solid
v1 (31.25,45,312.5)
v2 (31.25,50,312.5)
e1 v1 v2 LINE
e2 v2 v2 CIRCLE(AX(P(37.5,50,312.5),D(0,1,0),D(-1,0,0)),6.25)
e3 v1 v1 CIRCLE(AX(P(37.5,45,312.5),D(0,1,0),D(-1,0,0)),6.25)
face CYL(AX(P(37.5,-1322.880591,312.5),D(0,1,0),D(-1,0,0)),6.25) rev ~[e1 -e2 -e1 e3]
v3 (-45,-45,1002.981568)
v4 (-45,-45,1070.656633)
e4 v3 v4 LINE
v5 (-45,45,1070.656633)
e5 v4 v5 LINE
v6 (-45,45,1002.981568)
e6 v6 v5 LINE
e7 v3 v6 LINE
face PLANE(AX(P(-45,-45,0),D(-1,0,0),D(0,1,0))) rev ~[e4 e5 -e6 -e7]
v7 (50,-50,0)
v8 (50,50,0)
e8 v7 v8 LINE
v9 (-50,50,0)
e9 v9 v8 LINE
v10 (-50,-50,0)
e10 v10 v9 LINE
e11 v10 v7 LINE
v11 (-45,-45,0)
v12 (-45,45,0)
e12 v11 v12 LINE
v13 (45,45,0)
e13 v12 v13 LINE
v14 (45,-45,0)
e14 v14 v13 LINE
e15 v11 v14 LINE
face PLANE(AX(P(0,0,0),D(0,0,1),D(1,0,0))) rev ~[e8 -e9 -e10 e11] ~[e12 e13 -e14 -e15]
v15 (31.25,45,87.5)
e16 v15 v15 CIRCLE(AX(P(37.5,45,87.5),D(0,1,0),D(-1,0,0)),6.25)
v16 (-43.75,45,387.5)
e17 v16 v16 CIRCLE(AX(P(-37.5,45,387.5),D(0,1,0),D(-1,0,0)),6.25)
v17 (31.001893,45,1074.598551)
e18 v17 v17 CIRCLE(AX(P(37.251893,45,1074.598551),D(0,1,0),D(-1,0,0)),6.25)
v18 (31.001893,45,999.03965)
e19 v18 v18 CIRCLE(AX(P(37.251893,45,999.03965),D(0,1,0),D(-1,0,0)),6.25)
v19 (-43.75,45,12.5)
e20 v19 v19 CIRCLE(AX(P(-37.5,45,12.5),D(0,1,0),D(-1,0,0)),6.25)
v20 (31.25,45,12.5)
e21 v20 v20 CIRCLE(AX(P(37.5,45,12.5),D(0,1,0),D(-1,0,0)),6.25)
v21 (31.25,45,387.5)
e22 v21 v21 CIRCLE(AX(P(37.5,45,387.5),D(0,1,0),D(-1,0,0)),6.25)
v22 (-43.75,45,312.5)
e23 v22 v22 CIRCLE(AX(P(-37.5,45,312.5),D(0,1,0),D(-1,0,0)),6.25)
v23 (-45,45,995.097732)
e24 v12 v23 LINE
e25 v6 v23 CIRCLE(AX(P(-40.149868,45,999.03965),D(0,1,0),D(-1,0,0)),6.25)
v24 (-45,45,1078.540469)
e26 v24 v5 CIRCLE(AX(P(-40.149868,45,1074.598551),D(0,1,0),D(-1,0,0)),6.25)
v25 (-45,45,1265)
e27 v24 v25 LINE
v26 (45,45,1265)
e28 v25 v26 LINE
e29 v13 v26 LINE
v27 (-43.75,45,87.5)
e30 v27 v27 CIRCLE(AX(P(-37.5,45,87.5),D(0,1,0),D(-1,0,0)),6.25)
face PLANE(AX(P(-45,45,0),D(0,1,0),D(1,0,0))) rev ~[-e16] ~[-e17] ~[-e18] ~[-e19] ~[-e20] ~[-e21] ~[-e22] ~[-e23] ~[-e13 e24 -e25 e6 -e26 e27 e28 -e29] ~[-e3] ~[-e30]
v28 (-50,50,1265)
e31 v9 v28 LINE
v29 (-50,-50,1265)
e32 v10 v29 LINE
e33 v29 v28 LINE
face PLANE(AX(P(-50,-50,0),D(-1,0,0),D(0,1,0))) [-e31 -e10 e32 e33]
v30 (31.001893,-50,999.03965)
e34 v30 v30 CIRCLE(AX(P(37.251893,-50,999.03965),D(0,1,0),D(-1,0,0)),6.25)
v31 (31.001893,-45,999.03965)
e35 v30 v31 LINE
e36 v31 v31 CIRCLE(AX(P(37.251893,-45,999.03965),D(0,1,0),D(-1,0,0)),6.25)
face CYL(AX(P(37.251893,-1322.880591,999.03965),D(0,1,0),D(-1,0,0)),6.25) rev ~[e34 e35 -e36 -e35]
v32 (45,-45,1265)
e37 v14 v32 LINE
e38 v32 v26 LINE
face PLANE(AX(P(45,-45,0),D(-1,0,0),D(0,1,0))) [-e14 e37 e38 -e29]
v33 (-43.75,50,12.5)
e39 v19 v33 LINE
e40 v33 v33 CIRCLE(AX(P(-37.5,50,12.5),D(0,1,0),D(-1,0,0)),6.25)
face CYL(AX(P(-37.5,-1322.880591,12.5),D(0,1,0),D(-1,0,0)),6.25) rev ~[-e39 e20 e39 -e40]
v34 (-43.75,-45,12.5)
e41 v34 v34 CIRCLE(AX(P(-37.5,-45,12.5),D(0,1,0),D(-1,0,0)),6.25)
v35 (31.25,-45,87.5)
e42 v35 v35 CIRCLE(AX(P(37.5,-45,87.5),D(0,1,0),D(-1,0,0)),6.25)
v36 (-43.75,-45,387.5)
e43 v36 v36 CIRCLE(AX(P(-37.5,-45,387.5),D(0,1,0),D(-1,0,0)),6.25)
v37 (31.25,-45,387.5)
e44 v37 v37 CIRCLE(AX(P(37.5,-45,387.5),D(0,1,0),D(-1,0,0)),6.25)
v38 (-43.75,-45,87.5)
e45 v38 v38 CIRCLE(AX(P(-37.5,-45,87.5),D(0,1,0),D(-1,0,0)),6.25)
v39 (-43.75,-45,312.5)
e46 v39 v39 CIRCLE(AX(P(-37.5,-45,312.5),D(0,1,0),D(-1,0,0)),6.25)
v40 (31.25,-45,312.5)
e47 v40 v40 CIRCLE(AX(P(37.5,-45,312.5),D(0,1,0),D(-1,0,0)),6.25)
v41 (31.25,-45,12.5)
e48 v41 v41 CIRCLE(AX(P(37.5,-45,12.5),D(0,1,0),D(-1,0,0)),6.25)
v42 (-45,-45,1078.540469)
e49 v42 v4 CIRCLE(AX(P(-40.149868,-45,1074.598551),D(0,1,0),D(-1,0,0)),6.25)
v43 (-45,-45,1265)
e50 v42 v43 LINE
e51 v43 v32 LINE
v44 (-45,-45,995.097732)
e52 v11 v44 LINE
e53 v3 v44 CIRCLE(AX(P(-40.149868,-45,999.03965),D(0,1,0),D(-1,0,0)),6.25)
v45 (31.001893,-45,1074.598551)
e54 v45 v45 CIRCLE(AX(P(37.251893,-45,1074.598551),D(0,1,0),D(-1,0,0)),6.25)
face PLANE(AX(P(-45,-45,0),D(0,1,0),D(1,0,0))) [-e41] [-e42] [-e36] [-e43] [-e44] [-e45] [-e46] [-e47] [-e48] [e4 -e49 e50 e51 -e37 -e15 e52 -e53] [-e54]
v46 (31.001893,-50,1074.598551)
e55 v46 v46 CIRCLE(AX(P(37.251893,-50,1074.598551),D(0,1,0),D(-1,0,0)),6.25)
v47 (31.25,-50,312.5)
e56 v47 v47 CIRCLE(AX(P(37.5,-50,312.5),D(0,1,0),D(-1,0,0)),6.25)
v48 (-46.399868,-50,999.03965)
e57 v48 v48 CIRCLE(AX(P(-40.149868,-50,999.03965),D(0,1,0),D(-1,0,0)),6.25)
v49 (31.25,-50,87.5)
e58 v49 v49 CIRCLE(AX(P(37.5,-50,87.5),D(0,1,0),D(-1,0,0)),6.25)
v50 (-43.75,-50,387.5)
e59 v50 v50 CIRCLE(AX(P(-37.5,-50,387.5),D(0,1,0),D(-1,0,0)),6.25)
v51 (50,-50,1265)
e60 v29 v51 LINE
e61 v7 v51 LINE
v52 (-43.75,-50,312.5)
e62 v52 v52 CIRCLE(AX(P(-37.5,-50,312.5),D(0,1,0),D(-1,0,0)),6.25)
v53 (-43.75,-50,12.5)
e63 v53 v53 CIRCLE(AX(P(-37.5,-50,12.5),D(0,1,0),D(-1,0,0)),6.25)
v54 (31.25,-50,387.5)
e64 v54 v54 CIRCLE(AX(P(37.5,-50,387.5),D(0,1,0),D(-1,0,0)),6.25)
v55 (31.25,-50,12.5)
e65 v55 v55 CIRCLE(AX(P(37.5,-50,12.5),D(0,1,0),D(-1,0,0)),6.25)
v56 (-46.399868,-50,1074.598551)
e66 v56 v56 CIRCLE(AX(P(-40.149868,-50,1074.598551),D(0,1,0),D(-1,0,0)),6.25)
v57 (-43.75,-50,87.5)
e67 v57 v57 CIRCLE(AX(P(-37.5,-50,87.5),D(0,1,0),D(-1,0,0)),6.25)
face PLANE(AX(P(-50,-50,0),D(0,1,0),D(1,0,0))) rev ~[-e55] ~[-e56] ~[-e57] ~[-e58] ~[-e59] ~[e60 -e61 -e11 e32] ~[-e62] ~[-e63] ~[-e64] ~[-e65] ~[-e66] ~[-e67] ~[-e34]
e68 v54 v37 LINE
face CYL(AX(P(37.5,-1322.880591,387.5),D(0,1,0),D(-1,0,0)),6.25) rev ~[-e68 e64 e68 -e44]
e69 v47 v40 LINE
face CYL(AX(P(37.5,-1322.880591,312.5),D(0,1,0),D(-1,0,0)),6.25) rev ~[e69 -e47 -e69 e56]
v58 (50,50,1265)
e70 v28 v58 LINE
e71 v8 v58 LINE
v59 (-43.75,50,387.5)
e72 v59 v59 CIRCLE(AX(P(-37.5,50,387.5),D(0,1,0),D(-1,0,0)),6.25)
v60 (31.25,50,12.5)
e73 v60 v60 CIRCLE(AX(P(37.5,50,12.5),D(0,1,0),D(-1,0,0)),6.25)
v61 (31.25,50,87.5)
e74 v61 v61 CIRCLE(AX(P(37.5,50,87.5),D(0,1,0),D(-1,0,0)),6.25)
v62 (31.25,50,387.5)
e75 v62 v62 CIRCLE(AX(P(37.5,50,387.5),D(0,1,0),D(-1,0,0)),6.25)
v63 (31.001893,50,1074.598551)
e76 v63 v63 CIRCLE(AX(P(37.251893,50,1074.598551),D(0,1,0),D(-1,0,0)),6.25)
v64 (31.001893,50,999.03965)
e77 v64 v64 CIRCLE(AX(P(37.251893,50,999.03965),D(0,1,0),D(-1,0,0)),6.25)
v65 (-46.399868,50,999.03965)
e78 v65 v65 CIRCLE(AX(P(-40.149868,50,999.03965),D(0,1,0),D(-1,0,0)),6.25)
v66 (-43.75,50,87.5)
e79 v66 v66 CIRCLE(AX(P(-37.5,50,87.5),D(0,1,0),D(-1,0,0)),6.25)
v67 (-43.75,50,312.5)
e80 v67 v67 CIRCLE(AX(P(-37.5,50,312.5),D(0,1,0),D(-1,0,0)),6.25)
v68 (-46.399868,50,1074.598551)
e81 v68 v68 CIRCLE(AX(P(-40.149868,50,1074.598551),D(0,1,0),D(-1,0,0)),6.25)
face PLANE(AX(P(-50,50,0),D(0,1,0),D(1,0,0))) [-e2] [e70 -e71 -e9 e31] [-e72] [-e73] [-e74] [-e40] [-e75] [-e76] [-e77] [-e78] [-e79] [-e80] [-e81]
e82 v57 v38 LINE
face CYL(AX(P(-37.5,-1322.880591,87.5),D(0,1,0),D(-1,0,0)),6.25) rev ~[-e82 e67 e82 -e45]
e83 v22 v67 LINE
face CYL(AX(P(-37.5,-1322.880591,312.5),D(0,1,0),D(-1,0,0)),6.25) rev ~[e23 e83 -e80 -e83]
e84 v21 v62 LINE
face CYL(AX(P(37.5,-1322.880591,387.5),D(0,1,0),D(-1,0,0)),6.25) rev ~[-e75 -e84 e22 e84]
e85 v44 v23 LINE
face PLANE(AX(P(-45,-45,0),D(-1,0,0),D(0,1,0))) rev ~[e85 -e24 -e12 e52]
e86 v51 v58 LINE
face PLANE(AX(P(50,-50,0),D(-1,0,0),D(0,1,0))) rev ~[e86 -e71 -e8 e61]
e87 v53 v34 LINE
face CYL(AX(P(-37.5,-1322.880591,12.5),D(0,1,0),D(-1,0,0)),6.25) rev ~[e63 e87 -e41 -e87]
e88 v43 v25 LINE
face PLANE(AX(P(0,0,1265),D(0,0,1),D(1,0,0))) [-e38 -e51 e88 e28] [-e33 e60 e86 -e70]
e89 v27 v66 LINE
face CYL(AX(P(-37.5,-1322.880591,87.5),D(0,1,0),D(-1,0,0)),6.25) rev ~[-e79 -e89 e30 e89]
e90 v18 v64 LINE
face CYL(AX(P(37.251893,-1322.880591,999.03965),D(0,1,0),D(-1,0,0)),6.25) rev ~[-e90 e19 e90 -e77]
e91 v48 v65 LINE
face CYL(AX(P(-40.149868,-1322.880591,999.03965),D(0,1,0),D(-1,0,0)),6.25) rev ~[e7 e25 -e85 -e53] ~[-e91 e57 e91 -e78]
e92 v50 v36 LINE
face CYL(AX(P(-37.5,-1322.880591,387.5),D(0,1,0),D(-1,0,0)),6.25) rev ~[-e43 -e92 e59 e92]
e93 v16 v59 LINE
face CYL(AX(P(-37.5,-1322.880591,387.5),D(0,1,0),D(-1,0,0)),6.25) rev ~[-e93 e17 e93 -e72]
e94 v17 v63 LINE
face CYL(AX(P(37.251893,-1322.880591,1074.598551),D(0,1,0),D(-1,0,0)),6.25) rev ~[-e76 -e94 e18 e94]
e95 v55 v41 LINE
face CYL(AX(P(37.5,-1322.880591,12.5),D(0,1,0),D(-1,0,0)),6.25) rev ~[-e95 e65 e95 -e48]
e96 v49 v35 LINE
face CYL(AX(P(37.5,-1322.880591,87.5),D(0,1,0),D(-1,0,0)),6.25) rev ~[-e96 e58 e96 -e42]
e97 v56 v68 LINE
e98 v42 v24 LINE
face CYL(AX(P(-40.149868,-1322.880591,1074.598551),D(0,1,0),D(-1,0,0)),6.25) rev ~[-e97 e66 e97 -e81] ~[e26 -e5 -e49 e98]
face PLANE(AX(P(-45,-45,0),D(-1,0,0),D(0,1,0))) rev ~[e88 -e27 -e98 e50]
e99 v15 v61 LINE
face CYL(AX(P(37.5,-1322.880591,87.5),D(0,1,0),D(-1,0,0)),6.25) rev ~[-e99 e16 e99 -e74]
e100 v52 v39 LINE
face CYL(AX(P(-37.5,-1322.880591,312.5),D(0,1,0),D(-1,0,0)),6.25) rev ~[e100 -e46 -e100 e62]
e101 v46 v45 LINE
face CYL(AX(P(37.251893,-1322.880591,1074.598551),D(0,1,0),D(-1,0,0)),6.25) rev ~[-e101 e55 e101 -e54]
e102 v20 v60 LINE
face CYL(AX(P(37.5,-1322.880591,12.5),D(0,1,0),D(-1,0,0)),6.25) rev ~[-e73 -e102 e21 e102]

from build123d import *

# Parameters (mm, degrees)
F0_W     = 100
F0_H     = 100
F0_W_2   = 90
F0_H_2   = 90
F1_DEPTH = 1265
F3_D     = 12.5
F5_D     = 12.5


with BuildPart() as f1:
    # F0 (on Top) → F1 (new body)
    with BuildSketch(Plane.XY):
        Rectangle(F0_W, F0_H)
        Rectangle(F0_W_2, F0_H_2, mode=Mode.SUBTRACT)
    extrude(amount=F1_DEPTH)

    # F3 (through all)
    with Locations(Plane.XZ.offset(50)):
        with Locations((-37.5, 387.5), (37.5, 387.5), (37.5, 312.5), (-37.5, 312.5), (-37.5, 87.5), (-37.5, 12.5), (37.5, 87.5), (37.5, 12.5)):
            Hole(F3_D / 2)

    # F5 (through all)
    with Locations(Plane.XZ.offset(50)):
        with Locations((-40.149868, 999.03965), (37.251893, 999.03965), (-40.149868, 1074.598551), (37.251893, 1074.598551)):
            Hole(F5_D / 2)


solid = f1.part
